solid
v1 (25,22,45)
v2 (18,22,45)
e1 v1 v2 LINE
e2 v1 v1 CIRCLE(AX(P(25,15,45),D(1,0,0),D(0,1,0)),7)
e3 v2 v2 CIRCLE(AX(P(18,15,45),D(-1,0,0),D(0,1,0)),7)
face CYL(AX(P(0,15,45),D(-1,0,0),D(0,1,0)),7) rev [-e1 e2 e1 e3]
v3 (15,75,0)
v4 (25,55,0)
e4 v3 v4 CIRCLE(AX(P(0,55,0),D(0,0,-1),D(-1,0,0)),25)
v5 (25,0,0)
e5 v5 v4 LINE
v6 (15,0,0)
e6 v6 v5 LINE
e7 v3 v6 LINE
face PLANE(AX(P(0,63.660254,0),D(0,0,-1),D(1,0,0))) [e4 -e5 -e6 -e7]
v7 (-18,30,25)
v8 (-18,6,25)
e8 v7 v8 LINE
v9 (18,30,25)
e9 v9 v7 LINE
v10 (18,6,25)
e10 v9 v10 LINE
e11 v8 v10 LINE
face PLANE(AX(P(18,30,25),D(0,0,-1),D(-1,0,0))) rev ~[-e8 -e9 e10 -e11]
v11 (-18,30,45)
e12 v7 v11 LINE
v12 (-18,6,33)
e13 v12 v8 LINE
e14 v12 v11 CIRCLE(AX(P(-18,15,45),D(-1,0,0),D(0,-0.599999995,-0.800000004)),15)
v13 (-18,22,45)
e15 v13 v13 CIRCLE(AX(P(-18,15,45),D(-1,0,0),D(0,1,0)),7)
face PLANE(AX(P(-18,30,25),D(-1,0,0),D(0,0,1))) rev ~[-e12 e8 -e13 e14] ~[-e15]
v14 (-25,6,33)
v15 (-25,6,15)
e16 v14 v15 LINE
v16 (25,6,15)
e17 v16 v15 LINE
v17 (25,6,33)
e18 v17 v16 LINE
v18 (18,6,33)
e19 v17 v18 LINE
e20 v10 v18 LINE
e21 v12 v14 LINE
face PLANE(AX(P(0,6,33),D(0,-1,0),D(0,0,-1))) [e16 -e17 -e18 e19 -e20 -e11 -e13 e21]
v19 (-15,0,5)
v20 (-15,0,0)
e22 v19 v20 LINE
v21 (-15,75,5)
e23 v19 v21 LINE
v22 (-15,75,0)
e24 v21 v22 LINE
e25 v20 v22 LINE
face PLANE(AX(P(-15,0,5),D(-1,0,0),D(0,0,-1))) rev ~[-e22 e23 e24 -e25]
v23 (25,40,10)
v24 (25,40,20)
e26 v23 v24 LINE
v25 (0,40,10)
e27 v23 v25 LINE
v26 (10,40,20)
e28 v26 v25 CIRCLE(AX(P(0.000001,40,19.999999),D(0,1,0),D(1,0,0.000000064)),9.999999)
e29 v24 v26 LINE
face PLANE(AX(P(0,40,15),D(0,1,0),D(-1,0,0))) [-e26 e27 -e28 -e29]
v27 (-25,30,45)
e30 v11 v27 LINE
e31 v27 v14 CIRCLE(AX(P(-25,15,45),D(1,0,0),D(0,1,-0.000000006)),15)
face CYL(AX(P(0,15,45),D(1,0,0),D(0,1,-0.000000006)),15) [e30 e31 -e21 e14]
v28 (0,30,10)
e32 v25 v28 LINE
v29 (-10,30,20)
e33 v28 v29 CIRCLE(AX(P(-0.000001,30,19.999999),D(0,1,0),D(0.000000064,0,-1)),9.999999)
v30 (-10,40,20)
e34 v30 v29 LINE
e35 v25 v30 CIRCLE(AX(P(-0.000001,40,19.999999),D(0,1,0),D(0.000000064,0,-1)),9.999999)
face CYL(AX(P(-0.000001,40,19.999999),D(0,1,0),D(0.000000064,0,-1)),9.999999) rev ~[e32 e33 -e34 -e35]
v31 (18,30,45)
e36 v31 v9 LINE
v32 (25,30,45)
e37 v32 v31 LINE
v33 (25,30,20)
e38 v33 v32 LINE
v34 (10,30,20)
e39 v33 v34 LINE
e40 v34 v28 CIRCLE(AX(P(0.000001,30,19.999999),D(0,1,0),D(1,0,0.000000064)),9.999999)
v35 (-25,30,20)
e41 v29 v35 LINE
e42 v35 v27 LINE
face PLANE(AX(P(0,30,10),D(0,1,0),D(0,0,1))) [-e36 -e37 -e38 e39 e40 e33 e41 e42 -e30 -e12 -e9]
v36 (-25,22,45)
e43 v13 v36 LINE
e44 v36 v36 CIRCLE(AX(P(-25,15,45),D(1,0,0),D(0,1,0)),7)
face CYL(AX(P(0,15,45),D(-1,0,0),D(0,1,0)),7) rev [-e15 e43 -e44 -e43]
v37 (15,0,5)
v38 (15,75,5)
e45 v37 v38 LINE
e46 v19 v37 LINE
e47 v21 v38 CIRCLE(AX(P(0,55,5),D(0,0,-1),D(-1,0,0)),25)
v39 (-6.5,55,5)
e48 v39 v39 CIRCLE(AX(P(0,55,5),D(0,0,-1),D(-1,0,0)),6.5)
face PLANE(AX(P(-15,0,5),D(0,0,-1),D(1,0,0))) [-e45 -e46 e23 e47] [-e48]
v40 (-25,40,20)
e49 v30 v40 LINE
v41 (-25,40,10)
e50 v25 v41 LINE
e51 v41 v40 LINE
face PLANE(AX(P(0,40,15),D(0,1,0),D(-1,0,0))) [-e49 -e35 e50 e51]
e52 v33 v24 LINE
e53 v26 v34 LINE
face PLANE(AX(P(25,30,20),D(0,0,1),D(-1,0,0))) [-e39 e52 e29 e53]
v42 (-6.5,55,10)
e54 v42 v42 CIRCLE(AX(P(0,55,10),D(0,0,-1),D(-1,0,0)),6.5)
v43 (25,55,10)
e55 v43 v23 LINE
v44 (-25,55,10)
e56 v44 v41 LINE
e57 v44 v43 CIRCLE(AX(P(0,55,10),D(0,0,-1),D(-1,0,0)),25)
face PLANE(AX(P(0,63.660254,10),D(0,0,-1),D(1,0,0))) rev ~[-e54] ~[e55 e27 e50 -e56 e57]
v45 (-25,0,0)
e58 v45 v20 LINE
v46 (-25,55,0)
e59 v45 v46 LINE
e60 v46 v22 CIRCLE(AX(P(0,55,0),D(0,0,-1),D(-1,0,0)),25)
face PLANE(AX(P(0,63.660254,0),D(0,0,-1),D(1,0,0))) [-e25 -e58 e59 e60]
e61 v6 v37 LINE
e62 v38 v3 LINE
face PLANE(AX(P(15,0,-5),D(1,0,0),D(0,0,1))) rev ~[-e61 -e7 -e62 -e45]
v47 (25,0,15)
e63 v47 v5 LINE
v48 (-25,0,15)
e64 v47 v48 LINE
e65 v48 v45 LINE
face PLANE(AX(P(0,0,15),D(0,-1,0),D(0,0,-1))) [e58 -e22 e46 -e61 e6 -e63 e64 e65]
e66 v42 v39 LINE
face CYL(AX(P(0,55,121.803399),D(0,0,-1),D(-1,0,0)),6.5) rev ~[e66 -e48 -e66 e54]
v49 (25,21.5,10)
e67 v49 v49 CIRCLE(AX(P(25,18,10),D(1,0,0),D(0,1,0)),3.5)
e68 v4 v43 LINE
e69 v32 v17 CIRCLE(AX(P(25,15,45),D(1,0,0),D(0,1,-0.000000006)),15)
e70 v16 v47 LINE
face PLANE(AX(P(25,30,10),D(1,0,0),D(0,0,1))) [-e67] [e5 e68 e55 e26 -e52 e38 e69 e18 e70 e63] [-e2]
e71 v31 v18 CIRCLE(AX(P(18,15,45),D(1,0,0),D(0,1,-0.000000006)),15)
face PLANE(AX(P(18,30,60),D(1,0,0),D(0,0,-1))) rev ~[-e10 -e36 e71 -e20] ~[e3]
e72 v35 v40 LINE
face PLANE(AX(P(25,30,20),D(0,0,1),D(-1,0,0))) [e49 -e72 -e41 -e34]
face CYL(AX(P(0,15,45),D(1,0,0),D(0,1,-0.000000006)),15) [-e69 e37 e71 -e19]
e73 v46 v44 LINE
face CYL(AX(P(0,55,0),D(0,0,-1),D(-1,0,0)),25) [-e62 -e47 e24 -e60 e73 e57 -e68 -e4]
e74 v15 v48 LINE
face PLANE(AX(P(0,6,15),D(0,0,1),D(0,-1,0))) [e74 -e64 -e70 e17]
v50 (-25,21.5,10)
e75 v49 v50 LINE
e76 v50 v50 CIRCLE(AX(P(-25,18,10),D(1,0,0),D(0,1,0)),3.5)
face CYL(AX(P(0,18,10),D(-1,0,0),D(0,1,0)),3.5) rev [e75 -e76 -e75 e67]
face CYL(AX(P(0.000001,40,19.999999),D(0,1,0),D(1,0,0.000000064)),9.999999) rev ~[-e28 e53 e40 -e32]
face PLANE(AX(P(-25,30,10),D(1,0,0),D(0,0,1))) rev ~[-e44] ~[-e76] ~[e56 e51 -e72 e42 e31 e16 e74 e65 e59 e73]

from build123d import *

# Parameters (mm, degrees)
F0_R      = 3.5
F0_R_2    = 7
F1_DEPTH  = 25
F3_DEPTH  = 10
F5_D      = 13
F6_W      = 36
F6_H      = 15
F6_H_2    = 20
F7_DEPTH  = 30.001
F8_W      = 30
F8_H      = 5
F9_DEPTH  = 80.001
F10_W     = 50
F10_H     = 10
F11_DEPTH = 10
F13_DEPTH = 10


with BuildPart() as f1:
    # F0 (on Right) → F1 (new body, symmetric)
    with BuildSketch(Plane.YZ):
        with BuildLine():
            Line((0, 15), (0, 0))
            Line((0, 0), (55, 0))
            Line((55, 0), (55, 10))
            Line((55, 10), (30, 10))
            Line((30, 10), (30, 45))
            ThreePointArc((30, 45), (8.291796, 58.416408), (6, 33))
            Line((6, 33), (6, 15))
            Line((6, 15), (0, 15))
        make_face()
        with Locations((18, 10)):
            Circle(F0_R, mode=Mode.SUBTRACT)
        with Locations((15, 45)):
            Circle(F0_R_2, mode=Mode.SUBTRACT)
    extrude(amount=F1_DEPTH, both=True)

    # F2 (on face) → F3 (join)
    with BuildSketch(Plane(origin=(0, 0, 0), x_dir=(1, 0, 0), z_dir=(0, 0, -1))):
        with BuildLine():
            Line((25, -55), (-25, -55))
            ThreePointArc((-25, -55), (0, -80), (25, -55))
        make_face()
    extrude(amount=-F3_DEPTH)

    # F5 (through all)
    with Locations(Plane.XY.offset(10)):
        with Locations((0, 55)):
            Hole(F5_D / 2)

    # F6 (on face) → F7 (cut, through all)
    with BuildSketch(Plane(origin=(0, 30, 0), x_dir=(-1, 0, 0), z_dir=(0, 1, 0))):
        with Locations((0, 52.5)):
            Rectangle(F6_W, F6_H)
        with Locations((0, 35)):
            Rectangle(F6_W, F6_H_2)
    extrude(amount=-F7_DEPTH, mode=Mode.SUBTRACT)

    # F8 (on face) → F9 (cut, through all)
    with BuildSketch(Plane.XZ):
        with Locations((0, 2.5)):
            Rectangle(F8_W, F8_H)
        with Locations((0, -2.5)):
            Rectangle(F8_W, F8_H)
    extrude(amount=-F9_DEPTH, mode=Mode.SUBTRACT)

    # F10 (on face) → F11 (join)
    with BuildSketch(Plane(origin=(0, 30, 0), x_dir=(-1, 0, 0), z_dir=(0, 1, 0))):
        with Locations((0, 15)):
            Rectangle(F10_W, F10_H)
    extrude(amount=F11_DEPTH)

    # F12 (on face) → F13 (cut)
    with BuildSketch(Plane(origin=(0, 40, 0), x_dir=(-1, 0, 0), z_dir=(0, 1, 0))):
        with BuildLine():
            ThreePointArc((0, 10), (7.071068, 12.928932), (10, 20))
            Line((10, 20), (-10, 20))
            ThreePointArc((-10, 20), (-7.071068, 12.928932), (0, 10))
        make_face()
    extrude(amount=-F13_DEPTH, mode=Mode.SUBTRACT)


solid = f1.part
